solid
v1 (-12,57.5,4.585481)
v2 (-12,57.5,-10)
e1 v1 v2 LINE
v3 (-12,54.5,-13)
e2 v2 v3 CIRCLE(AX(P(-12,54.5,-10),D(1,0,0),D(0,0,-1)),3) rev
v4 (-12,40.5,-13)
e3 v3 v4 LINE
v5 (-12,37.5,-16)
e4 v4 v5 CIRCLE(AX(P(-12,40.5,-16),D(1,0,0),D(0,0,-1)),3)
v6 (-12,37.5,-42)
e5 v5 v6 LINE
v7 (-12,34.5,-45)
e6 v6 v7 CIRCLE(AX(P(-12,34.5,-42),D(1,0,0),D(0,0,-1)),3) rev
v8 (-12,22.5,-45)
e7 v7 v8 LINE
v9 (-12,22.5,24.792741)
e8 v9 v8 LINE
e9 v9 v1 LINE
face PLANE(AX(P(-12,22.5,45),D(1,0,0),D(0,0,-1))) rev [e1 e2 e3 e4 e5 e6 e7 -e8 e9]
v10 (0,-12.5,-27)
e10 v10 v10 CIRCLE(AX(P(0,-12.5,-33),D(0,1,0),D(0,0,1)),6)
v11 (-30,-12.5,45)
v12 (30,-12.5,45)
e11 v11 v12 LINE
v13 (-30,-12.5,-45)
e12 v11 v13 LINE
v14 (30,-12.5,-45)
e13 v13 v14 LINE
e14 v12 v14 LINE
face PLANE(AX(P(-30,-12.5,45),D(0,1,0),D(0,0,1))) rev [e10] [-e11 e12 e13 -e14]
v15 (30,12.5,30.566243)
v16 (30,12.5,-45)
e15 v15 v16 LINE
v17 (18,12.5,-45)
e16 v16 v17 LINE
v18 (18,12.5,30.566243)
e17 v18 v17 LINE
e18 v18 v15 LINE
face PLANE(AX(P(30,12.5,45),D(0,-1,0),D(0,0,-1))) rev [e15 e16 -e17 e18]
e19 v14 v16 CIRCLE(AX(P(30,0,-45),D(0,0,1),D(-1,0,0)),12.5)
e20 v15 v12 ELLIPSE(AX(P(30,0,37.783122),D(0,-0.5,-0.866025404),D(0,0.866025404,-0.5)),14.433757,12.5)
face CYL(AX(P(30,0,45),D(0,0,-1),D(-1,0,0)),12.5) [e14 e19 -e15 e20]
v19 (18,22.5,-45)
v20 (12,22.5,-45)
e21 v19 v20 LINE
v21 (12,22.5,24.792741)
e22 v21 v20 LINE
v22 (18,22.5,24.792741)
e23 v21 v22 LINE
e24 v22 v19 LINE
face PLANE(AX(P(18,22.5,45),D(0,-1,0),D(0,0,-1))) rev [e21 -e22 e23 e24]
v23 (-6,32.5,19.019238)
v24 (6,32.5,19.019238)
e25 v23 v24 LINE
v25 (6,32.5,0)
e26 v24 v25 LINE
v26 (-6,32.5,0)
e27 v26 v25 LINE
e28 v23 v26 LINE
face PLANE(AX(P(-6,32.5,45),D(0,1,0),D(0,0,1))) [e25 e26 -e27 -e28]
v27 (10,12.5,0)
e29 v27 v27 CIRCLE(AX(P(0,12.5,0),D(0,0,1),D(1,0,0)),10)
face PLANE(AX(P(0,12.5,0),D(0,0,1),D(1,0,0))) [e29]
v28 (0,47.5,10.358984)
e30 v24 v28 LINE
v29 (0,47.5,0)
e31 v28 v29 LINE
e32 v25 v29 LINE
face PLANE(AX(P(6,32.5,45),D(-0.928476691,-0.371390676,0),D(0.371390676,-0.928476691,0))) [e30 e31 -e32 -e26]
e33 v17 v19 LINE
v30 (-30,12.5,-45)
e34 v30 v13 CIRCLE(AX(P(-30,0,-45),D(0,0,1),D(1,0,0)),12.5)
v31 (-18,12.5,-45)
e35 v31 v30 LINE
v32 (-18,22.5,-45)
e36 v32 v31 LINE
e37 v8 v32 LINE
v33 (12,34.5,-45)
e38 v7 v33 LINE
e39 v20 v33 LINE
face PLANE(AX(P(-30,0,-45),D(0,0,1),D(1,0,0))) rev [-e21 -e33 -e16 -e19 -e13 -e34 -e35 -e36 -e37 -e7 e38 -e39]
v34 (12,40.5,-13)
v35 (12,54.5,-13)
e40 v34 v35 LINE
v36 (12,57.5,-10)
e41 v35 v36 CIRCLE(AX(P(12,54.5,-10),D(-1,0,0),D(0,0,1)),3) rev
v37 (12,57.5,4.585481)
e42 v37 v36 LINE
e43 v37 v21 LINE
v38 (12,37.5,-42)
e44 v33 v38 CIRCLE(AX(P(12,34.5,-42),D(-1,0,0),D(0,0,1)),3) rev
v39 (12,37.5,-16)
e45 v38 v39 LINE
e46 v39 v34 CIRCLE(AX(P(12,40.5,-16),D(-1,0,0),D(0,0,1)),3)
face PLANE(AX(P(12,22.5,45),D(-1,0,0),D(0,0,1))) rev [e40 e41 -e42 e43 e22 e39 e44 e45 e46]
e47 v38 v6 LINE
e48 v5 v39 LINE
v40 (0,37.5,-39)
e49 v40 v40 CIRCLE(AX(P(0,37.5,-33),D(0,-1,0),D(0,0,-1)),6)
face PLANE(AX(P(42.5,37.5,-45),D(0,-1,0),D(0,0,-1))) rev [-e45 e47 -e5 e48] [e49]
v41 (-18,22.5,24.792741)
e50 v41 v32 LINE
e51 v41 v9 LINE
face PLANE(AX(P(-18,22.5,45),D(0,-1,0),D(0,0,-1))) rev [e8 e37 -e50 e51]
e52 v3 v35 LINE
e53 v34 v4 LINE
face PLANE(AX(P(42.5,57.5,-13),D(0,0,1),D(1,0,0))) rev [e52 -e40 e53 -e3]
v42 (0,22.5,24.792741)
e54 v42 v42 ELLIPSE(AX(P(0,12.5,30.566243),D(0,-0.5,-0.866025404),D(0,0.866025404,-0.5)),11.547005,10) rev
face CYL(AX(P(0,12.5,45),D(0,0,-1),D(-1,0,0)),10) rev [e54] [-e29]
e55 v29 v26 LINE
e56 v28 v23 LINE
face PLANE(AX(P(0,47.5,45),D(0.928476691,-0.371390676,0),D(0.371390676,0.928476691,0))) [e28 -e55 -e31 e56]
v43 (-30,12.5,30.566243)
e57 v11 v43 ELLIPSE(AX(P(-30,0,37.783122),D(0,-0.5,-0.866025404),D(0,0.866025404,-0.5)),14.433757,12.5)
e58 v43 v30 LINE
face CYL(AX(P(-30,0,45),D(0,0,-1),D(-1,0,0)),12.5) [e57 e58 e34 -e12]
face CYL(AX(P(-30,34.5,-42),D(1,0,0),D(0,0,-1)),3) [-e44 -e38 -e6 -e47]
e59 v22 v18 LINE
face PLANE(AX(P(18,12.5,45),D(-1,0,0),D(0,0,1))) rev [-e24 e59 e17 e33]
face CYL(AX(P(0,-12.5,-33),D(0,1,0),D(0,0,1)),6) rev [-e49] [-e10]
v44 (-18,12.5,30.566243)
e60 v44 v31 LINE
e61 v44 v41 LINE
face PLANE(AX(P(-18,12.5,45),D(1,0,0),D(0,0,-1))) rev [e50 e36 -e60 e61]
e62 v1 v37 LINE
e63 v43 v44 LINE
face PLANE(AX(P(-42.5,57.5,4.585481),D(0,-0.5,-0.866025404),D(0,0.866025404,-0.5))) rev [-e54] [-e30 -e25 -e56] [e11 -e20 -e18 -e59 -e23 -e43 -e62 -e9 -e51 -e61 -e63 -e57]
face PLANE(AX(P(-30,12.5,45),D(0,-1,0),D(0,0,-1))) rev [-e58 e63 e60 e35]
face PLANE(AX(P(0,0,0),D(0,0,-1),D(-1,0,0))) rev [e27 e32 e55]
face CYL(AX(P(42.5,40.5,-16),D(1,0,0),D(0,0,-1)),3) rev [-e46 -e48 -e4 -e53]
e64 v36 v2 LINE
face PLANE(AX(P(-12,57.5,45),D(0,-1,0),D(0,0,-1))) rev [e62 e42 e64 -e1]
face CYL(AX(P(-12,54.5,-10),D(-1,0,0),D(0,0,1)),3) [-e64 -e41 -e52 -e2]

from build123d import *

# Parameters (mm, degrees)
BOSS_EXTRUDE1_DEPTH     = 45
CUT_EXTRUDE1_DEPTH      = 85.483726244
CUT_EXTRUDE1_DEPTH_BACK = 85.483726244
SKETCH3_R               = 10
CUT_EXTRUDE2_DEPTH      = 85.483726244
CUT_EXTRUDE3_DEPTH      = 92.112567739
CUT_EXTRUDE3_DEPTH_BACK = 92.112567739
SKETCH5_W               = 32
SKETCH5_H               = 20
CUT_EXTRUDE4_DEPTH      = 94.441157955
CUT_EXTRUDE4_DEPTH_BACK = 94.441157955
SKETCH4_R               = 6
FILLET1_R               = 3


with BuildPart() as part:
    # Sketch1 → Boss-Extrude1 (new, symmetric)
    with BuildSketch(Plane.XY):
        with BuildLine():
            Line((-30, -12.5), (30, -12.5))
            ThreePointArc((30, -12.5), (42.5, 0), (30, 12.5))
            Line((30, 12.5), (18, 12.5))
            Line((18, 12.5), (18, 22.5))
            Line((18, 22.5), (12, 22.5))
            Line((12, 22.5), (12, 57.5))
            Line((12, 57.5), (-12, 57.5))
            Line((-12, 57.5), (-12, 22.5))
            Line((-12, 22.5), (-18, 22.5))
            Line((-18, 22.5), (-18, 12.5))
            Line((-18, 12.5), (-30, 12.5))
            ThreePointArc((-30, 12.5), (-42.5, 0), (-30, -12.5))
        make_face()
    extrude(amount=BOSS_EXTRUDE1_DEPTH, both=True)

    # Sketch2 → Cut-Extrude1 (cut, two sides: drawn at the far end of the back side and taken through both)
    with BuildSketch(Plane(origin=(0, 0, 0), x_dir=(0, 0, -1), z_dir=(1, 0, 0)).offset(-CUT_EXTRUDE1_DEPTH_BACK)):
        Polygon((-4.585481157, 57.5), (-45, -12.5), (-45, 57.5), align=None)
    extrude(amount=CUT_EXTRUDE1_DEPTH + CUT_EXTRUDE1_DEPTH_BACK, mode=Mode.SUBTRACT)

    # Sketch3 → Cut-Extrude2 (cut, through all)
    with BuildSketch(Plane.XY):
        with Locations(Location((0, 12.5, 0), (0, 0, 90))):
            Circle(SKETCH3_R)
        Polygon((0, 47.5), (-6, 32.5), (6, 32.5), align=None)
    extrude(amount=CUT_EXTRUDE2_DEPTH, mode=Mode.SUBTRACT)

    # Sketch5 → Cut-Extrude3 (cut, two sides: drawn at the far end of the back side and taken through both)
    with BuildSketch(Plane.ZY.offset(12).offset(-CUT_EXTRUDE3_DEPTH_BACK)):
        with Locations((-29, 47.5)):
            Rectangle(SKETCH5_W, SKETCH5_H)
    extrude(amount=CUT_EXTRUDE3_DEPTH + CUT_EXTRUDE3_DEPTH_BACK, mode=Mode.SUBTRACT)

    # Sketch4 → Cut-Extrude4 (cut, two sides: drawn at the far end of the back side and taken through both)
    with BuildSketch(Plane(origin=(0, 57.5, 0), x_dir=(1, 0, 0), z_dir=(0, 1, 0)).offset(-CUT_EXTRUDE4_DEPTH_BACK)):
        with Locations(Location((0, 33, 0), (0, 0, 270))):
            Circle(SKETCH4_R)
    extrude(amount=CUT_EXTRUDE4_DEPTH + CUT_EXTRUDE4_DEPTH_BACK, mode=Mode.SUBTRACT)

    # Fillet1
    fillet1_edges = [part.edges().sort_by_distance(p)[0] for p in [
        (0, 37.5, -45),
        (0, 57.5, -13),
        (0, 37.5, -13),
    ]]
    fillet(fillet1_edges, radius=FILLET1_R)


solid = part.part
